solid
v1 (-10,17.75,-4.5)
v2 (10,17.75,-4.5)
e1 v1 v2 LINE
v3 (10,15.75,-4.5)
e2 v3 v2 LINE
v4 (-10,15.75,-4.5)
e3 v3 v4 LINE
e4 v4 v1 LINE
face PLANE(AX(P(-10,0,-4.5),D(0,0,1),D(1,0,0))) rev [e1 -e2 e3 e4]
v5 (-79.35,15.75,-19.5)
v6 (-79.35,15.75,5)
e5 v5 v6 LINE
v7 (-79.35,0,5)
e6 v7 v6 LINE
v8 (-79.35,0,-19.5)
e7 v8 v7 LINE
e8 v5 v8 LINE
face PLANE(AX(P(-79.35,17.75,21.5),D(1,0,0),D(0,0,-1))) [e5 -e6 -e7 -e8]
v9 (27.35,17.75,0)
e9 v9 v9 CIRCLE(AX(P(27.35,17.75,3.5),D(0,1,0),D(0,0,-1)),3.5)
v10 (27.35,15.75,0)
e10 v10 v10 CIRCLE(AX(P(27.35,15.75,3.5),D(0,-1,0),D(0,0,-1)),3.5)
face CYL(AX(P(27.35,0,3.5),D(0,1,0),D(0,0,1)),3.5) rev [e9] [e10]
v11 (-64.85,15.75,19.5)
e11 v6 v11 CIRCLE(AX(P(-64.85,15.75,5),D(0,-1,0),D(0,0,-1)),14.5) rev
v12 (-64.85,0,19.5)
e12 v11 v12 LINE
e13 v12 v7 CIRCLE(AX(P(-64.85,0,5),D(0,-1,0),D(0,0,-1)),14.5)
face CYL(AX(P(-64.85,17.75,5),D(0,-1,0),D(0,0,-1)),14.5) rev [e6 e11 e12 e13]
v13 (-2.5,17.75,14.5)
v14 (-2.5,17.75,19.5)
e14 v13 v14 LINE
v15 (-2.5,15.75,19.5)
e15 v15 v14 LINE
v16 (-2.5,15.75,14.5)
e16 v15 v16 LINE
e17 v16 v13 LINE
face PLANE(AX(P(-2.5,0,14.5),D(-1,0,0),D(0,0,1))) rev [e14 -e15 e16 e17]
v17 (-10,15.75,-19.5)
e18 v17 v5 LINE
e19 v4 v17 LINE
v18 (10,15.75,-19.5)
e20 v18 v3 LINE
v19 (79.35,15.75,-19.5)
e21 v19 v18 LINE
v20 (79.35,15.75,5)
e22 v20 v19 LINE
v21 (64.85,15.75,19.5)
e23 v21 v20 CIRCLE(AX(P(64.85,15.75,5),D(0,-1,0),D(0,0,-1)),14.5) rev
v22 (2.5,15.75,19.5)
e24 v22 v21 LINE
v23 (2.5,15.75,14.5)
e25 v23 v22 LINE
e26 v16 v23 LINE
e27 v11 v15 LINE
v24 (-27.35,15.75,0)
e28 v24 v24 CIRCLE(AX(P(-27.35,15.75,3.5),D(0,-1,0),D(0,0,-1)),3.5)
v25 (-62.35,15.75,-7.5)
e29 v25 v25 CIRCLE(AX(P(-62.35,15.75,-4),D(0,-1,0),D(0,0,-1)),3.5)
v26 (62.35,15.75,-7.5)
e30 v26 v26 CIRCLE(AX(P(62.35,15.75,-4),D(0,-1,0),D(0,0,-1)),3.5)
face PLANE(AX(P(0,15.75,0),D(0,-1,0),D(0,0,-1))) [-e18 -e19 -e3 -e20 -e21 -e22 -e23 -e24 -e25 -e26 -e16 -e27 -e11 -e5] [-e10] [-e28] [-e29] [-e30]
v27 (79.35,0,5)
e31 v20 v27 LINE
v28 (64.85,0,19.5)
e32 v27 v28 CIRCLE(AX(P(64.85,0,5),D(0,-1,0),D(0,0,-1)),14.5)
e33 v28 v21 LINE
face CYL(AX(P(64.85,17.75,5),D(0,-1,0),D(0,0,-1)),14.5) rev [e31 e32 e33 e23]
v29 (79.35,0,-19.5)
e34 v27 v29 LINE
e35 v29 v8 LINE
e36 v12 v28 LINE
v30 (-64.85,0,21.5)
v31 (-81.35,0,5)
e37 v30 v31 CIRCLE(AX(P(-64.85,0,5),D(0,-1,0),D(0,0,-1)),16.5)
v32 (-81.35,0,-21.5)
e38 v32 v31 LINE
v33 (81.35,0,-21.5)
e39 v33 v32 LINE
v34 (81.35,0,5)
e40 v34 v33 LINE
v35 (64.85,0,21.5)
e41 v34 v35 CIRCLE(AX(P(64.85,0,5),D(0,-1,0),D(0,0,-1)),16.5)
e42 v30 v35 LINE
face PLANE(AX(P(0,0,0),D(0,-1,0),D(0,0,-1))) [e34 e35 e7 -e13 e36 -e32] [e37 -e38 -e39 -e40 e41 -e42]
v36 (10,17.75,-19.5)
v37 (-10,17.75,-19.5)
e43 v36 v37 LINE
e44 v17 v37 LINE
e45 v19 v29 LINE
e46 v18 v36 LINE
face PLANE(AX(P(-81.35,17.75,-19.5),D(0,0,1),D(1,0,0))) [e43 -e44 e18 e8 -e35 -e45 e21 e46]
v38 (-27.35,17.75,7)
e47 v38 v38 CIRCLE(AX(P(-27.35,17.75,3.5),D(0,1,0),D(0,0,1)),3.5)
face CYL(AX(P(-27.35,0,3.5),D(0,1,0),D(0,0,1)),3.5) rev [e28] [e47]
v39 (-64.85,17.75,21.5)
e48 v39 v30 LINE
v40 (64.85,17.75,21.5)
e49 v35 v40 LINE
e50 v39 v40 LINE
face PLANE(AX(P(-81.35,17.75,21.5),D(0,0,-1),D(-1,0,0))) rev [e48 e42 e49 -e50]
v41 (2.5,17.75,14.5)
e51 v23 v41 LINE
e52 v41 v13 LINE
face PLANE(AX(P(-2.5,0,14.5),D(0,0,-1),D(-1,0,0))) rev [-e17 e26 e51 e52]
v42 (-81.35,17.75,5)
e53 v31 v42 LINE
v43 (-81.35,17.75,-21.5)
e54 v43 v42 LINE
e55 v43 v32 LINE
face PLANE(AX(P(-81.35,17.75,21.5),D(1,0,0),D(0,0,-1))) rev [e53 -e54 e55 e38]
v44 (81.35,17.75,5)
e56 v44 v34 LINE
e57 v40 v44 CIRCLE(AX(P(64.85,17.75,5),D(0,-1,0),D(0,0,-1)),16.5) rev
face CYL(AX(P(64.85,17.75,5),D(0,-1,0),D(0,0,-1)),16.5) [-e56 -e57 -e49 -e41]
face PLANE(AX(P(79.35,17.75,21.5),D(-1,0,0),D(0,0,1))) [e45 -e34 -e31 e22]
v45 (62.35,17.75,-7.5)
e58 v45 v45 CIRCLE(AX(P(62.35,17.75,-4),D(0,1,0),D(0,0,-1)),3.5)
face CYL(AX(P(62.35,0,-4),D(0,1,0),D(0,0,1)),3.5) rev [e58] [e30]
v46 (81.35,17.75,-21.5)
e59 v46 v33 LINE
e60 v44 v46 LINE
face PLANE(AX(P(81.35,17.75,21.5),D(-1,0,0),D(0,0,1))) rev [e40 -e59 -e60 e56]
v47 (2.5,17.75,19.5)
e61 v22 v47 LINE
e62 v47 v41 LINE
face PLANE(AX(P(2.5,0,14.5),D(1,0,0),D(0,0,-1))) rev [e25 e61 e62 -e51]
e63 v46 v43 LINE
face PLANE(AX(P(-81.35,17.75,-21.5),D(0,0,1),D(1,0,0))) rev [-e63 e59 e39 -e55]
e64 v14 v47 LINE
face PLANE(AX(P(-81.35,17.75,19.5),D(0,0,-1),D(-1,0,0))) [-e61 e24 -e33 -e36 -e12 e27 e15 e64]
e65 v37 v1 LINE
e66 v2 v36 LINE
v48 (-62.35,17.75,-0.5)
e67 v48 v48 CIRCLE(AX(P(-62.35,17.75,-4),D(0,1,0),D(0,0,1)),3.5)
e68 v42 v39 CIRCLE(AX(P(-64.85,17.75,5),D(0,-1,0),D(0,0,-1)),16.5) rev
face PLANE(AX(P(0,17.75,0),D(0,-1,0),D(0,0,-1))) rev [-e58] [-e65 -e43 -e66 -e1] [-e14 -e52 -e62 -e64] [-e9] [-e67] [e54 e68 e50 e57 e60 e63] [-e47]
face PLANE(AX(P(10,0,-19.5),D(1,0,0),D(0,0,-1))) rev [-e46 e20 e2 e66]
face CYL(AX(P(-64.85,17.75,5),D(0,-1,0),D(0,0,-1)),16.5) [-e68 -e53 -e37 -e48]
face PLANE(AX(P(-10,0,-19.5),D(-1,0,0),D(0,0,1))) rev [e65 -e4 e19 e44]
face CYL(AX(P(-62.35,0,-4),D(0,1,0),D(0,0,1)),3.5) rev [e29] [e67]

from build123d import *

# Parameters (mm, degrees)
SKETCH1_W           = 162.7
SKETCH1_H           = 43
BOSS_EXTRUDE2_DEPTH = 17.75
FILLET2_R           = 16.5
SHELL1_T            = -2
SKETCH2_R           = 3.5
CUT_EXTRUDE1_DEPTH  = 86.994970783
SKETCH5_W           = 20
SKETCH5_H           = 15
CUT_EXTRUDE2_DEPTH  = 86.994970783
SKETCH6_W           = 5
SKETCH6_H           = 5
CUT_EXTRUDE3_DEPTH  = 86.994970783


with BuildPart() as part:
    # Sketch1 → Boss-Extrude2 (new body)
    with BuildSketch(Plane(origin=(0, 0, 0), x_dir=(1, 0, 0), z_dir=(0, 1, 0))):
        Rectangle(SKETCH1_W, SKETCH1_H)
    extrude(amount=BOSS_EXTRUDE2_DEPTH)

    # Fillet2
    fillet2_edges = [part.edges().sort_by_distance(p)[0] for p in [
        (81.35, 8.875, 21.5),
        (-81.35, 8.875, 21.5),
    ]]
    fillet(fillet2_edges, radius=FILLET2_R)

    # Shell1
    shell1_openings = [part.faces().sort_by_distance(p)[0] for p in [
        (0, 0, -0.302595299),
    ]]
    offset(amount=SHELL1_T, openings=shell1_openings, kind=Kind.INTERSECTION)

    # Sketch2 → Cut-Extrude1 (cut, through all)
    with BuildSketch(Plane(origin=(0, 17.75, 0), x_dir=(1, 0, 0), z_dir=(0, 1, 0))):
        with Locations(Location((-62.35, 4, 0), (0, 0, 270))):
            Circle(SKETCH2_R)
        with Locations(Location((-27.35, -3.5, 0), (0, 0, 270))):
            Circle(SKETCH2_R)
        with Locations(Location((27.35, -3.5, 0), (0, 0, 90))):
            Circle(SKETCH2_R)
        with Locations(Location((62.35, 4, 0), (0, 0, 90))):
            Circle(SKETCH2_R)
    extrude(amount=-CUT_EXTRUDE1_DEPTH, mode=Mode.SUBTRACT)

    # Sketch5 → Cut-Extrude2 (cut, through all)
    with BuildSketch(Plane(origin=(0, 17.75, 0), x_dir=(1, 0, 0), z_dir=(0, 1, 0))):
        with Locations((0, 12)):
            Rectangle(SKETCH5_W, SKETCH5_H)
    extrude(amount=-CUT_EXTRUDE2_DEPTH, mode=Mode.SUBTRACT)

    # Sketch6 → Cut-Extrude3 (cut, through all)
    with BuildSketch(Plane(origin=(0, 17.75, 0), x_dir=(1, 0, 0), z_dir=(0, 1, 0))):
        with Locations((0, -17)):
            Rectangle(SKETCH6_W, SKETCH6_H)
    extrude(amount=-CUT_EXTRUDE3_DEPTH, mode=Mode.SUBTRACT)


solid = part.part
